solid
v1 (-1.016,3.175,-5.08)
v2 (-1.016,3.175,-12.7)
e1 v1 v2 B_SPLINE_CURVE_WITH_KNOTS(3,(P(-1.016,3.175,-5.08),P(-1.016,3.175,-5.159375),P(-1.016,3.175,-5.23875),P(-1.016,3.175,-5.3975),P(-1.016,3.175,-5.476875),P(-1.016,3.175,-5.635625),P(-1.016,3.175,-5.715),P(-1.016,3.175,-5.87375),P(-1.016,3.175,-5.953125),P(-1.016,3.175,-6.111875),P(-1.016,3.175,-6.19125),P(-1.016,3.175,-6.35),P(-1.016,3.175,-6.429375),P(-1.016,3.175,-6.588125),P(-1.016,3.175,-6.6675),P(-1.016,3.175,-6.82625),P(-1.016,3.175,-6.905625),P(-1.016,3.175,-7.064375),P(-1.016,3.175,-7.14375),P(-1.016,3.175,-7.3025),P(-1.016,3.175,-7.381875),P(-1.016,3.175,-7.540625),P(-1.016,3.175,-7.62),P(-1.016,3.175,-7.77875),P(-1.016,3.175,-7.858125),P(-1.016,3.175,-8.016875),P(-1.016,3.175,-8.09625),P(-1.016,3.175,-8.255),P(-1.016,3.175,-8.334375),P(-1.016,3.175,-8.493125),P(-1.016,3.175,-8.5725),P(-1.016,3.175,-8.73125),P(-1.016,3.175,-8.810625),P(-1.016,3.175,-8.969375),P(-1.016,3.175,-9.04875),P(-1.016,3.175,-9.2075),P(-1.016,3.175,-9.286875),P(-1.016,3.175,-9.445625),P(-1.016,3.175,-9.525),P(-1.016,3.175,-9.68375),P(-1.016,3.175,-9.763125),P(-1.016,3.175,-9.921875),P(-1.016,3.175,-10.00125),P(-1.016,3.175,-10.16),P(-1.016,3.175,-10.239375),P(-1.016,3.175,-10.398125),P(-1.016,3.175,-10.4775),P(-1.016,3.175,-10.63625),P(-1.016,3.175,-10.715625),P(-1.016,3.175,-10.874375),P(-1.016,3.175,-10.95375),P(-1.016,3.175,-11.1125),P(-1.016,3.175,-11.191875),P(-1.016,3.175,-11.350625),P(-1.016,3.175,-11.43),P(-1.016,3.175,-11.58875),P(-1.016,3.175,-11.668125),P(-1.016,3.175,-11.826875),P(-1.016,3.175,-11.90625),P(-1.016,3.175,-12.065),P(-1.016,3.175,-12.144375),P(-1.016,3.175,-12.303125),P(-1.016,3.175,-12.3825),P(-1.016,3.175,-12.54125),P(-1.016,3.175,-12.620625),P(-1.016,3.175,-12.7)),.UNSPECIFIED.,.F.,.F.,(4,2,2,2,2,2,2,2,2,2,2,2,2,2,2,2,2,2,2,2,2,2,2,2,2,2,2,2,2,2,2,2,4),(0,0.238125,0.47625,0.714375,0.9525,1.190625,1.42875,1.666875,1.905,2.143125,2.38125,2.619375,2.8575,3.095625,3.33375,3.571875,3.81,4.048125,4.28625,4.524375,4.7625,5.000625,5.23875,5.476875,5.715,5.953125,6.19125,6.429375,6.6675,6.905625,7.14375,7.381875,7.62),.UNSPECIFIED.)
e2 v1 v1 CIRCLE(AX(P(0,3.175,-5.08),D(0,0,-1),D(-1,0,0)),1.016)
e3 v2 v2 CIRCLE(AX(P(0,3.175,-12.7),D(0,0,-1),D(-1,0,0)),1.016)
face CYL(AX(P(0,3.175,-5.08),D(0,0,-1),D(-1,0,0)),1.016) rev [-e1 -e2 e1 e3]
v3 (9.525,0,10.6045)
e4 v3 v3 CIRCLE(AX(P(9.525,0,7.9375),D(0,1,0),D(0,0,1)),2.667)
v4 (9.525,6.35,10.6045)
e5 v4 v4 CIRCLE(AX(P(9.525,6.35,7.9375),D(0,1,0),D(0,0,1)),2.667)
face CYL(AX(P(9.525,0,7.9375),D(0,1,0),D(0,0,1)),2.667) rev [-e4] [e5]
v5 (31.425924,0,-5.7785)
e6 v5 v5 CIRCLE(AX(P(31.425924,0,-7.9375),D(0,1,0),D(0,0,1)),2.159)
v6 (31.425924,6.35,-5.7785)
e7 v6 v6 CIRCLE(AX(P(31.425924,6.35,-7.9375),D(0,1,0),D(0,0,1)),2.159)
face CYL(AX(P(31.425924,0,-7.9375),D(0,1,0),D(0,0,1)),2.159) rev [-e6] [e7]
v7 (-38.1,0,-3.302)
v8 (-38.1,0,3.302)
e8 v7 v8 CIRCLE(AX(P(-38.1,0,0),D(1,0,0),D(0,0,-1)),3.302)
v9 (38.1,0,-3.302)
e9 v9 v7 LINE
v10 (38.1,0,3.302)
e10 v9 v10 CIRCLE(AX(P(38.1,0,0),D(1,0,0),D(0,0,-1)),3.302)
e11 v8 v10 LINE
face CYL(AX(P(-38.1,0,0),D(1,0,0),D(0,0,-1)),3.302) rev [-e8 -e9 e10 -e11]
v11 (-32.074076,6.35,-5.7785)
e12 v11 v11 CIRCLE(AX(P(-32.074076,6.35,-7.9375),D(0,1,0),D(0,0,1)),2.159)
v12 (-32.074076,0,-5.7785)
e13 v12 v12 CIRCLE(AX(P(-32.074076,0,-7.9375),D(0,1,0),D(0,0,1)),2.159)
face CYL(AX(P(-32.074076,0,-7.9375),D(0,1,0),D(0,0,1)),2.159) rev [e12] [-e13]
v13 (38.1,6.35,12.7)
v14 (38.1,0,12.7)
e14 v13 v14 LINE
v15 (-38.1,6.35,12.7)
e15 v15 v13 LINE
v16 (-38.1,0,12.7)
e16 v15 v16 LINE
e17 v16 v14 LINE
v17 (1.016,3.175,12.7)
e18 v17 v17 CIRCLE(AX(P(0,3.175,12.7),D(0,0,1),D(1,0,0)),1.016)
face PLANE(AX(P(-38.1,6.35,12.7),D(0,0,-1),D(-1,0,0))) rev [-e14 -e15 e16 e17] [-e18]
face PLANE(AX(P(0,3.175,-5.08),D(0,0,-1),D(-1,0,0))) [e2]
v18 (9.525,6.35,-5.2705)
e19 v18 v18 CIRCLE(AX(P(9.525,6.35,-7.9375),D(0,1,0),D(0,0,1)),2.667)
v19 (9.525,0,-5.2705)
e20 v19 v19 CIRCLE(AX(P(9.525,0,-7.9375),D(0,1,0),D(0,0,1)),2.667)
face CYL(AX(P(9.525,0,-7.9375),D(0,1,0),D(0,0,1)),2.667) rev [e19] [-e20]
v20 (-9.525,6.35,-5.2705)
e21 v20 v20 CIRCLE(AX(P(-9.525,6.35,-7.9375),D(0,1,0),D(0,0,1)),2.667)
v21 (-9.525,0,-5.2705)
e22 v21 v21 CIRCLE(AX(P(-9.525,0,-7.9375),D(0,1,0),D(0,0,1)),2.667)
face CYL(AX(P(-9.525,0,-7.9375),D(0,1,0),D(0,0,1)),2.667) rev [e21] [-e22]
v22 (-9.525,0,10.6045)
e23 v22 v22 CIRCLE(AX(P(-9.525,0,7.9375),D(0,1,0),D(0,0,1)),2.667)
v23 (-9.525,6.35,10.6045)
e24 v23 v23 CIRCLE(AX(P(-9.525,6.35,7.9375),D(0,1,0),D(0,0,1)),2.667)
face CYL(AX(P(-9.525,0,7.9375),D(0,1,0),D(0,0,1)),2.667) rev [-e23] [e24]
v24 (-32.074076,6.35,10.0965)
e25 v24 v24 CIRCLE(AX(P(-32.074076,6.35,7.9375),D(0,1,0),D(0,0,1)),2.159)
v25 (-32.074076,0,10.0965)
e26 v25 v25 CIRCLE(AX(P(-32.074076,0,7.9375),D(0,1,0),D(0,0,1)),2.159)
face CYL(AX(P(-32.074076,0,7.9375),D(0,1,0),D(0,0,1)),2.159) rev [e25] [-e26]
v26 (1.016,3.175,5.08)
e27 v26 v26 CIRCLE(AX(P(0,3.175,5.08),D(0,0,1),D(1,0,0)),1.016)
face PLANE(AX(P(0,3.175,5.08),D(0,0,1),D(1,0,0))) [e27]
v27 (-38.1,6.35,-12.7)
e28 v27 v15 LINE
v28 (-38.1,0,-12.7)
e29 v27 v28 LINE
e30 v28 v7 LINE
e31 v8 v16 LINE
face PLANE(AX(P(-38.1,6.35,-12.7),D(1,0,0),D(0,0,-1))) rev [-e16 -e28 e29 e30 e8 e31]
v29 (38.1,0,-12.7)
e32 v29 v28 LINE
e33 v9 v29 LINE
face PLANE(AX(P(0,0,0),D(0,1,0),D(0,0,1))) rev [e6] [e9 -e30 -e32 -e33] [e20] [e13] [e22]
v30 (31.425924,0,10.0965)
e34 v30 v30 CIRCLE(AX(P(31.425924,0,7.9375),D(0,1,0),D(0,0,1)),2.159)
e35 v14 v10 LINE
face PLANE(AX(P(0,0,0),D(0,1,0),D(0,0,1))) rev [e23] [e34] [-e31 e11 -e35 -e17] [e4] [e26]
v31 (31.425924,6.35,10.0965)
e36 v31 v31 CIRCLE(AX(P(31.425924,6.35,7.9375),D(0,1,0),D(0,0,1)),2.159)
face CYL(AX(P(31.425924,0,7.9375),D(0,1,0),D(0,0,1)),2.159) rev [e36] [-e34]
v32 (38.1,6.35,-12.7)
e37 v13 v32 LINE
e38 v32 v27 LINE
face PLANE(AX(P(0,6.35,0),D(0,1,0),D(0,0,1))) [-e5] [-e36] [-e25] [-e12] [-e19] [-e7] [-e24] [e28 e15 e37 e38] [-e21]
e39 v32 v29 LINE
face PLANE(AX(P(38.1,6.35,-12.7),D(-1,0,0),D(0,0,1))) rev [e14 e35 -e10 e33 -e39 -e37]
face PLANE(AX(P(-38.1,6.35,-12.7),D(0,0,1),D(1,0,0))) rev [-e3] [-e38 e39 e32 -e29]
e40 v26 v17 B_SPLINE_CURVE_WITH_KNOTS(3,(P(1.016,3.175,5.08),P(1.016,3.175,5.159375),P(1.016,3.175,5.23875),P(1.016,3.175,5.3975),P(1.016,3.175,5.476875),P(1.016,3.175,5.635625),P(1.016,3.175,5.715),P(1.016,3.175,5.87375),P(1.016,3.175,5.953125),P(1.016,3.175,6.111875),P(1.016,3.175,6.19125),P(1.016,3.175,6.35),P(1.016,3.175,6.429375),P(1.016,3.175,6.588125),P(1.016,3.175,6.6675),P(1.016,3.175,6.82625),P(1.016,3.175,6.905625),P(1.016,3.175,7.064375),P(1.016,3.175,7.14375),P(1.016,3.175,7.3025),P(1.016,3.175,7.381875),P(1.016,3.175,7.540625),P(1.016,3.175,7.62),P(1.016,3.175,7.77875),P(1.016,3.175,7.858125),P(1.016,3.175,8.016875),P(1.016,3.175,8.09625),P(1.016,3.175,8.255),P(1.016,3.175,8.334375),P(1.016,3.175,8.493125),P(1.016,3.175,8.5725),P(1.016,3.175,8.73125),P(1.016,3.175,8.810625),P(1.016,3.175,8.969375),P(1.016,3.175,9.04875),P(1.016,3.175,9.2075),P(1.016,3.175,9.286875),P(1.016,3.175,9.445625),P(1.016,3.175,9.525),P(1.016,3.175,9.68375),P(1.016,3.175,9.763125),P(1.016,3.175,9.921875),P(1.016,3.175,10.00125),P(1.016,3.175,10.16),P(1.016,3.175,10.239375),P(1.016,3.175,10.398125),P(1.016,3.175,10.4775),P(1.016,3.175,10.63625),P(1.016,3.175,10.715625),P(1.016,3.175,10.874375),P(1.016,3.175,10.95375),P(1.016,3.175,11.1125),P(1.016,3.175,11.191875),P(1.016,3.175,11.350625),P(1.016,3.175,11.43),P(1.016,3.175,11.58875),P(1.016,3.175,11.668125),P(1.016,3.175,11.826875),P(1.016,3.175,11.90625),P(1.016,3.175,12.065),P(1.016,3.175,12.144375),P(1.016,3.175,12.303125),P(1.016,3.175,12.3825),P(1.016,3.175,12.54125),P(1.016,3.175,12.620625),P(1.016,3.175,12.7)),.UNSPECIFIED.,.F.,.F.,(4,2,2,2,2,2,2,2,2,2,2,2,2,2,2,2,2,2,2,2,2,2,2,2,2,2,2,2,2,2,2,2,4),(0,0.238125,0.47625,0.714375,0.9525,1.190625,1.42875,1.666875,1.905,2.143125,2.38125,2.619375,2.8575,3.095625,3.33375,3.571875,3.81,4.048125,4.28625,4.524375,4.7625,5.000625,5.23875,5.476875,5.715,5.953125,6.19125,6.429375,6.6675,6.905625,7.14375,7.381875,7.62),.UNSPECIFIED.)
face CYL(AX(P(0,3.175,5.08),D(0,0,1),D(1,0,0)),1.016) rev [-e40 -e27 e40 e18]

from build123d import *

# Parameters (mm, degrees)
SKETCH1_W           = 76.2
SKETCH1_H           = 25.4
BOSS_EXTRUDE1_DEPTH = 6.35
SKETCH2_R           = 2.159
CUT_EXTRUDE1_DEPTH  = 41.659838908
SKETCH3_R           = 2.667
CUT_EXTRUDE2_DEPTH  = 41.659838908
SKETCH4_R           = 1.016
CUT_EXTRUDE3_DEPTH  = 7.62
CUT_EXTRUDE4_START  = -7.62
SKETCH5_R           = 1.016
CUT_EXTRUDE4_DEPTH  = 7.62
SKETCH7_R           = 3.302
CUT_EXTRUDE5_DEPTH  = 78.51162816


with BuildPart() as part:
    # Sketch1 → Boss-Extrude1 (new body)
    with BuildSketch(Plane(origin=(0, 0, 0), x_dir=(1, 0, 0), z_dir=(0, 1, 0))):
        Rectangle(SKETCH1_W, SKETCH1_H)
    extrude(amount=BOSS_EXTRUDE1_DEPTH)

    # Sketch2 → Cut-Extrude1 (cut, through all)
    with BuildSketch(Plane(origin=(0, 6.35, 0), x_dir=(1, 0, 0), z_dir=(0, 1, 0))):
        with Locations(Location((-32.074075882, 7.9375, 0), (0, 0, 270))):
            Circle(SKETCH2_R)
        with Locations(Location((-32.074075882, -7.9375, 0), (0, 0, 270))):
            Circle(SKETCH2_R)
        with Locations(Location((31.425924118, 7.9375, 0), (0, 0, 270))):
            Circle(SKETCH2_R)
        with Locations(Location((31.425924118, -7.9375, 0), (0, 0, 270))):
            Circle(SKETCH2_R)
    extrude(amount=-CUT_EXTRUDE1_DEPTH, mode=Mode.SUBTRACT)

    # Sketch3 → Cut-Extrude2 (cut, through all)
    with BuildSketch(Plane(origin=(0, 6.35, 0), x_dir=(1, 0, 0), z_dir=(0, 1, 0))):
        with Locations(Location((-9.525, 7.9375, 0), (0, 0, 270))):
            Circle(SKETCH3_R)
        with Locations(Location((-9.525, -7.9375, 0), (0, 0, 270))):
            Circle(SKETCH3_R)
        with Locations(Location((9.525, 7.9375, 0), (0, 0, 270))):
            Circle(SKETCH3_R)
        with Locations(Location((9.525, -7.9375, 0), (0, 0, 270))):
            Circle(SKETCH3_R)
    extrude(amount=-CUT_EXTRUDE2_DEPTH, mode=Mode.SUBTRACT)

    # Sketch4 → Cut-Extrude3 (cut)
    with BuildSketch(Plane.XY.offset(12.7)):
        with Locations((0, 3.175)):
            Circle(SKETCH4_R)
    extrude(amount=-CUT_EXTRUDE3_DEPTH, mode=Mode.SUBTRACT)

    # Sketch5 → Cut-Extrude4 (cut)
    with BuildSketch(Plane(origin=(0, 0, -12.7), x_dir=(-1, 0, 0), z_dir=(0, 0, -1)).offset(CUT_EXTRUDE4_START)):
        with Locations(Location((0, 3.175, 0), (0, 0, 180))):
            Circle(SKETCH5_R)
    extrude(amount=CUT_EXTRUDE4_DEPTH, mode=Mode.SUBTRACT)

    # Sketch7 → Cut-Extrude5 (cut, through all)
    with BuildSketch(Plane(origin=(38.1, 0, 0), x_dir=(0, 0, -1), z_dir=(1, 0, 0))):
        Circle(SKETCH7_R)
    extrude(amount=-CUT_EXTRUDE5_DEPTH, mode=Mode.SUBTRACT)


solid = part.part
